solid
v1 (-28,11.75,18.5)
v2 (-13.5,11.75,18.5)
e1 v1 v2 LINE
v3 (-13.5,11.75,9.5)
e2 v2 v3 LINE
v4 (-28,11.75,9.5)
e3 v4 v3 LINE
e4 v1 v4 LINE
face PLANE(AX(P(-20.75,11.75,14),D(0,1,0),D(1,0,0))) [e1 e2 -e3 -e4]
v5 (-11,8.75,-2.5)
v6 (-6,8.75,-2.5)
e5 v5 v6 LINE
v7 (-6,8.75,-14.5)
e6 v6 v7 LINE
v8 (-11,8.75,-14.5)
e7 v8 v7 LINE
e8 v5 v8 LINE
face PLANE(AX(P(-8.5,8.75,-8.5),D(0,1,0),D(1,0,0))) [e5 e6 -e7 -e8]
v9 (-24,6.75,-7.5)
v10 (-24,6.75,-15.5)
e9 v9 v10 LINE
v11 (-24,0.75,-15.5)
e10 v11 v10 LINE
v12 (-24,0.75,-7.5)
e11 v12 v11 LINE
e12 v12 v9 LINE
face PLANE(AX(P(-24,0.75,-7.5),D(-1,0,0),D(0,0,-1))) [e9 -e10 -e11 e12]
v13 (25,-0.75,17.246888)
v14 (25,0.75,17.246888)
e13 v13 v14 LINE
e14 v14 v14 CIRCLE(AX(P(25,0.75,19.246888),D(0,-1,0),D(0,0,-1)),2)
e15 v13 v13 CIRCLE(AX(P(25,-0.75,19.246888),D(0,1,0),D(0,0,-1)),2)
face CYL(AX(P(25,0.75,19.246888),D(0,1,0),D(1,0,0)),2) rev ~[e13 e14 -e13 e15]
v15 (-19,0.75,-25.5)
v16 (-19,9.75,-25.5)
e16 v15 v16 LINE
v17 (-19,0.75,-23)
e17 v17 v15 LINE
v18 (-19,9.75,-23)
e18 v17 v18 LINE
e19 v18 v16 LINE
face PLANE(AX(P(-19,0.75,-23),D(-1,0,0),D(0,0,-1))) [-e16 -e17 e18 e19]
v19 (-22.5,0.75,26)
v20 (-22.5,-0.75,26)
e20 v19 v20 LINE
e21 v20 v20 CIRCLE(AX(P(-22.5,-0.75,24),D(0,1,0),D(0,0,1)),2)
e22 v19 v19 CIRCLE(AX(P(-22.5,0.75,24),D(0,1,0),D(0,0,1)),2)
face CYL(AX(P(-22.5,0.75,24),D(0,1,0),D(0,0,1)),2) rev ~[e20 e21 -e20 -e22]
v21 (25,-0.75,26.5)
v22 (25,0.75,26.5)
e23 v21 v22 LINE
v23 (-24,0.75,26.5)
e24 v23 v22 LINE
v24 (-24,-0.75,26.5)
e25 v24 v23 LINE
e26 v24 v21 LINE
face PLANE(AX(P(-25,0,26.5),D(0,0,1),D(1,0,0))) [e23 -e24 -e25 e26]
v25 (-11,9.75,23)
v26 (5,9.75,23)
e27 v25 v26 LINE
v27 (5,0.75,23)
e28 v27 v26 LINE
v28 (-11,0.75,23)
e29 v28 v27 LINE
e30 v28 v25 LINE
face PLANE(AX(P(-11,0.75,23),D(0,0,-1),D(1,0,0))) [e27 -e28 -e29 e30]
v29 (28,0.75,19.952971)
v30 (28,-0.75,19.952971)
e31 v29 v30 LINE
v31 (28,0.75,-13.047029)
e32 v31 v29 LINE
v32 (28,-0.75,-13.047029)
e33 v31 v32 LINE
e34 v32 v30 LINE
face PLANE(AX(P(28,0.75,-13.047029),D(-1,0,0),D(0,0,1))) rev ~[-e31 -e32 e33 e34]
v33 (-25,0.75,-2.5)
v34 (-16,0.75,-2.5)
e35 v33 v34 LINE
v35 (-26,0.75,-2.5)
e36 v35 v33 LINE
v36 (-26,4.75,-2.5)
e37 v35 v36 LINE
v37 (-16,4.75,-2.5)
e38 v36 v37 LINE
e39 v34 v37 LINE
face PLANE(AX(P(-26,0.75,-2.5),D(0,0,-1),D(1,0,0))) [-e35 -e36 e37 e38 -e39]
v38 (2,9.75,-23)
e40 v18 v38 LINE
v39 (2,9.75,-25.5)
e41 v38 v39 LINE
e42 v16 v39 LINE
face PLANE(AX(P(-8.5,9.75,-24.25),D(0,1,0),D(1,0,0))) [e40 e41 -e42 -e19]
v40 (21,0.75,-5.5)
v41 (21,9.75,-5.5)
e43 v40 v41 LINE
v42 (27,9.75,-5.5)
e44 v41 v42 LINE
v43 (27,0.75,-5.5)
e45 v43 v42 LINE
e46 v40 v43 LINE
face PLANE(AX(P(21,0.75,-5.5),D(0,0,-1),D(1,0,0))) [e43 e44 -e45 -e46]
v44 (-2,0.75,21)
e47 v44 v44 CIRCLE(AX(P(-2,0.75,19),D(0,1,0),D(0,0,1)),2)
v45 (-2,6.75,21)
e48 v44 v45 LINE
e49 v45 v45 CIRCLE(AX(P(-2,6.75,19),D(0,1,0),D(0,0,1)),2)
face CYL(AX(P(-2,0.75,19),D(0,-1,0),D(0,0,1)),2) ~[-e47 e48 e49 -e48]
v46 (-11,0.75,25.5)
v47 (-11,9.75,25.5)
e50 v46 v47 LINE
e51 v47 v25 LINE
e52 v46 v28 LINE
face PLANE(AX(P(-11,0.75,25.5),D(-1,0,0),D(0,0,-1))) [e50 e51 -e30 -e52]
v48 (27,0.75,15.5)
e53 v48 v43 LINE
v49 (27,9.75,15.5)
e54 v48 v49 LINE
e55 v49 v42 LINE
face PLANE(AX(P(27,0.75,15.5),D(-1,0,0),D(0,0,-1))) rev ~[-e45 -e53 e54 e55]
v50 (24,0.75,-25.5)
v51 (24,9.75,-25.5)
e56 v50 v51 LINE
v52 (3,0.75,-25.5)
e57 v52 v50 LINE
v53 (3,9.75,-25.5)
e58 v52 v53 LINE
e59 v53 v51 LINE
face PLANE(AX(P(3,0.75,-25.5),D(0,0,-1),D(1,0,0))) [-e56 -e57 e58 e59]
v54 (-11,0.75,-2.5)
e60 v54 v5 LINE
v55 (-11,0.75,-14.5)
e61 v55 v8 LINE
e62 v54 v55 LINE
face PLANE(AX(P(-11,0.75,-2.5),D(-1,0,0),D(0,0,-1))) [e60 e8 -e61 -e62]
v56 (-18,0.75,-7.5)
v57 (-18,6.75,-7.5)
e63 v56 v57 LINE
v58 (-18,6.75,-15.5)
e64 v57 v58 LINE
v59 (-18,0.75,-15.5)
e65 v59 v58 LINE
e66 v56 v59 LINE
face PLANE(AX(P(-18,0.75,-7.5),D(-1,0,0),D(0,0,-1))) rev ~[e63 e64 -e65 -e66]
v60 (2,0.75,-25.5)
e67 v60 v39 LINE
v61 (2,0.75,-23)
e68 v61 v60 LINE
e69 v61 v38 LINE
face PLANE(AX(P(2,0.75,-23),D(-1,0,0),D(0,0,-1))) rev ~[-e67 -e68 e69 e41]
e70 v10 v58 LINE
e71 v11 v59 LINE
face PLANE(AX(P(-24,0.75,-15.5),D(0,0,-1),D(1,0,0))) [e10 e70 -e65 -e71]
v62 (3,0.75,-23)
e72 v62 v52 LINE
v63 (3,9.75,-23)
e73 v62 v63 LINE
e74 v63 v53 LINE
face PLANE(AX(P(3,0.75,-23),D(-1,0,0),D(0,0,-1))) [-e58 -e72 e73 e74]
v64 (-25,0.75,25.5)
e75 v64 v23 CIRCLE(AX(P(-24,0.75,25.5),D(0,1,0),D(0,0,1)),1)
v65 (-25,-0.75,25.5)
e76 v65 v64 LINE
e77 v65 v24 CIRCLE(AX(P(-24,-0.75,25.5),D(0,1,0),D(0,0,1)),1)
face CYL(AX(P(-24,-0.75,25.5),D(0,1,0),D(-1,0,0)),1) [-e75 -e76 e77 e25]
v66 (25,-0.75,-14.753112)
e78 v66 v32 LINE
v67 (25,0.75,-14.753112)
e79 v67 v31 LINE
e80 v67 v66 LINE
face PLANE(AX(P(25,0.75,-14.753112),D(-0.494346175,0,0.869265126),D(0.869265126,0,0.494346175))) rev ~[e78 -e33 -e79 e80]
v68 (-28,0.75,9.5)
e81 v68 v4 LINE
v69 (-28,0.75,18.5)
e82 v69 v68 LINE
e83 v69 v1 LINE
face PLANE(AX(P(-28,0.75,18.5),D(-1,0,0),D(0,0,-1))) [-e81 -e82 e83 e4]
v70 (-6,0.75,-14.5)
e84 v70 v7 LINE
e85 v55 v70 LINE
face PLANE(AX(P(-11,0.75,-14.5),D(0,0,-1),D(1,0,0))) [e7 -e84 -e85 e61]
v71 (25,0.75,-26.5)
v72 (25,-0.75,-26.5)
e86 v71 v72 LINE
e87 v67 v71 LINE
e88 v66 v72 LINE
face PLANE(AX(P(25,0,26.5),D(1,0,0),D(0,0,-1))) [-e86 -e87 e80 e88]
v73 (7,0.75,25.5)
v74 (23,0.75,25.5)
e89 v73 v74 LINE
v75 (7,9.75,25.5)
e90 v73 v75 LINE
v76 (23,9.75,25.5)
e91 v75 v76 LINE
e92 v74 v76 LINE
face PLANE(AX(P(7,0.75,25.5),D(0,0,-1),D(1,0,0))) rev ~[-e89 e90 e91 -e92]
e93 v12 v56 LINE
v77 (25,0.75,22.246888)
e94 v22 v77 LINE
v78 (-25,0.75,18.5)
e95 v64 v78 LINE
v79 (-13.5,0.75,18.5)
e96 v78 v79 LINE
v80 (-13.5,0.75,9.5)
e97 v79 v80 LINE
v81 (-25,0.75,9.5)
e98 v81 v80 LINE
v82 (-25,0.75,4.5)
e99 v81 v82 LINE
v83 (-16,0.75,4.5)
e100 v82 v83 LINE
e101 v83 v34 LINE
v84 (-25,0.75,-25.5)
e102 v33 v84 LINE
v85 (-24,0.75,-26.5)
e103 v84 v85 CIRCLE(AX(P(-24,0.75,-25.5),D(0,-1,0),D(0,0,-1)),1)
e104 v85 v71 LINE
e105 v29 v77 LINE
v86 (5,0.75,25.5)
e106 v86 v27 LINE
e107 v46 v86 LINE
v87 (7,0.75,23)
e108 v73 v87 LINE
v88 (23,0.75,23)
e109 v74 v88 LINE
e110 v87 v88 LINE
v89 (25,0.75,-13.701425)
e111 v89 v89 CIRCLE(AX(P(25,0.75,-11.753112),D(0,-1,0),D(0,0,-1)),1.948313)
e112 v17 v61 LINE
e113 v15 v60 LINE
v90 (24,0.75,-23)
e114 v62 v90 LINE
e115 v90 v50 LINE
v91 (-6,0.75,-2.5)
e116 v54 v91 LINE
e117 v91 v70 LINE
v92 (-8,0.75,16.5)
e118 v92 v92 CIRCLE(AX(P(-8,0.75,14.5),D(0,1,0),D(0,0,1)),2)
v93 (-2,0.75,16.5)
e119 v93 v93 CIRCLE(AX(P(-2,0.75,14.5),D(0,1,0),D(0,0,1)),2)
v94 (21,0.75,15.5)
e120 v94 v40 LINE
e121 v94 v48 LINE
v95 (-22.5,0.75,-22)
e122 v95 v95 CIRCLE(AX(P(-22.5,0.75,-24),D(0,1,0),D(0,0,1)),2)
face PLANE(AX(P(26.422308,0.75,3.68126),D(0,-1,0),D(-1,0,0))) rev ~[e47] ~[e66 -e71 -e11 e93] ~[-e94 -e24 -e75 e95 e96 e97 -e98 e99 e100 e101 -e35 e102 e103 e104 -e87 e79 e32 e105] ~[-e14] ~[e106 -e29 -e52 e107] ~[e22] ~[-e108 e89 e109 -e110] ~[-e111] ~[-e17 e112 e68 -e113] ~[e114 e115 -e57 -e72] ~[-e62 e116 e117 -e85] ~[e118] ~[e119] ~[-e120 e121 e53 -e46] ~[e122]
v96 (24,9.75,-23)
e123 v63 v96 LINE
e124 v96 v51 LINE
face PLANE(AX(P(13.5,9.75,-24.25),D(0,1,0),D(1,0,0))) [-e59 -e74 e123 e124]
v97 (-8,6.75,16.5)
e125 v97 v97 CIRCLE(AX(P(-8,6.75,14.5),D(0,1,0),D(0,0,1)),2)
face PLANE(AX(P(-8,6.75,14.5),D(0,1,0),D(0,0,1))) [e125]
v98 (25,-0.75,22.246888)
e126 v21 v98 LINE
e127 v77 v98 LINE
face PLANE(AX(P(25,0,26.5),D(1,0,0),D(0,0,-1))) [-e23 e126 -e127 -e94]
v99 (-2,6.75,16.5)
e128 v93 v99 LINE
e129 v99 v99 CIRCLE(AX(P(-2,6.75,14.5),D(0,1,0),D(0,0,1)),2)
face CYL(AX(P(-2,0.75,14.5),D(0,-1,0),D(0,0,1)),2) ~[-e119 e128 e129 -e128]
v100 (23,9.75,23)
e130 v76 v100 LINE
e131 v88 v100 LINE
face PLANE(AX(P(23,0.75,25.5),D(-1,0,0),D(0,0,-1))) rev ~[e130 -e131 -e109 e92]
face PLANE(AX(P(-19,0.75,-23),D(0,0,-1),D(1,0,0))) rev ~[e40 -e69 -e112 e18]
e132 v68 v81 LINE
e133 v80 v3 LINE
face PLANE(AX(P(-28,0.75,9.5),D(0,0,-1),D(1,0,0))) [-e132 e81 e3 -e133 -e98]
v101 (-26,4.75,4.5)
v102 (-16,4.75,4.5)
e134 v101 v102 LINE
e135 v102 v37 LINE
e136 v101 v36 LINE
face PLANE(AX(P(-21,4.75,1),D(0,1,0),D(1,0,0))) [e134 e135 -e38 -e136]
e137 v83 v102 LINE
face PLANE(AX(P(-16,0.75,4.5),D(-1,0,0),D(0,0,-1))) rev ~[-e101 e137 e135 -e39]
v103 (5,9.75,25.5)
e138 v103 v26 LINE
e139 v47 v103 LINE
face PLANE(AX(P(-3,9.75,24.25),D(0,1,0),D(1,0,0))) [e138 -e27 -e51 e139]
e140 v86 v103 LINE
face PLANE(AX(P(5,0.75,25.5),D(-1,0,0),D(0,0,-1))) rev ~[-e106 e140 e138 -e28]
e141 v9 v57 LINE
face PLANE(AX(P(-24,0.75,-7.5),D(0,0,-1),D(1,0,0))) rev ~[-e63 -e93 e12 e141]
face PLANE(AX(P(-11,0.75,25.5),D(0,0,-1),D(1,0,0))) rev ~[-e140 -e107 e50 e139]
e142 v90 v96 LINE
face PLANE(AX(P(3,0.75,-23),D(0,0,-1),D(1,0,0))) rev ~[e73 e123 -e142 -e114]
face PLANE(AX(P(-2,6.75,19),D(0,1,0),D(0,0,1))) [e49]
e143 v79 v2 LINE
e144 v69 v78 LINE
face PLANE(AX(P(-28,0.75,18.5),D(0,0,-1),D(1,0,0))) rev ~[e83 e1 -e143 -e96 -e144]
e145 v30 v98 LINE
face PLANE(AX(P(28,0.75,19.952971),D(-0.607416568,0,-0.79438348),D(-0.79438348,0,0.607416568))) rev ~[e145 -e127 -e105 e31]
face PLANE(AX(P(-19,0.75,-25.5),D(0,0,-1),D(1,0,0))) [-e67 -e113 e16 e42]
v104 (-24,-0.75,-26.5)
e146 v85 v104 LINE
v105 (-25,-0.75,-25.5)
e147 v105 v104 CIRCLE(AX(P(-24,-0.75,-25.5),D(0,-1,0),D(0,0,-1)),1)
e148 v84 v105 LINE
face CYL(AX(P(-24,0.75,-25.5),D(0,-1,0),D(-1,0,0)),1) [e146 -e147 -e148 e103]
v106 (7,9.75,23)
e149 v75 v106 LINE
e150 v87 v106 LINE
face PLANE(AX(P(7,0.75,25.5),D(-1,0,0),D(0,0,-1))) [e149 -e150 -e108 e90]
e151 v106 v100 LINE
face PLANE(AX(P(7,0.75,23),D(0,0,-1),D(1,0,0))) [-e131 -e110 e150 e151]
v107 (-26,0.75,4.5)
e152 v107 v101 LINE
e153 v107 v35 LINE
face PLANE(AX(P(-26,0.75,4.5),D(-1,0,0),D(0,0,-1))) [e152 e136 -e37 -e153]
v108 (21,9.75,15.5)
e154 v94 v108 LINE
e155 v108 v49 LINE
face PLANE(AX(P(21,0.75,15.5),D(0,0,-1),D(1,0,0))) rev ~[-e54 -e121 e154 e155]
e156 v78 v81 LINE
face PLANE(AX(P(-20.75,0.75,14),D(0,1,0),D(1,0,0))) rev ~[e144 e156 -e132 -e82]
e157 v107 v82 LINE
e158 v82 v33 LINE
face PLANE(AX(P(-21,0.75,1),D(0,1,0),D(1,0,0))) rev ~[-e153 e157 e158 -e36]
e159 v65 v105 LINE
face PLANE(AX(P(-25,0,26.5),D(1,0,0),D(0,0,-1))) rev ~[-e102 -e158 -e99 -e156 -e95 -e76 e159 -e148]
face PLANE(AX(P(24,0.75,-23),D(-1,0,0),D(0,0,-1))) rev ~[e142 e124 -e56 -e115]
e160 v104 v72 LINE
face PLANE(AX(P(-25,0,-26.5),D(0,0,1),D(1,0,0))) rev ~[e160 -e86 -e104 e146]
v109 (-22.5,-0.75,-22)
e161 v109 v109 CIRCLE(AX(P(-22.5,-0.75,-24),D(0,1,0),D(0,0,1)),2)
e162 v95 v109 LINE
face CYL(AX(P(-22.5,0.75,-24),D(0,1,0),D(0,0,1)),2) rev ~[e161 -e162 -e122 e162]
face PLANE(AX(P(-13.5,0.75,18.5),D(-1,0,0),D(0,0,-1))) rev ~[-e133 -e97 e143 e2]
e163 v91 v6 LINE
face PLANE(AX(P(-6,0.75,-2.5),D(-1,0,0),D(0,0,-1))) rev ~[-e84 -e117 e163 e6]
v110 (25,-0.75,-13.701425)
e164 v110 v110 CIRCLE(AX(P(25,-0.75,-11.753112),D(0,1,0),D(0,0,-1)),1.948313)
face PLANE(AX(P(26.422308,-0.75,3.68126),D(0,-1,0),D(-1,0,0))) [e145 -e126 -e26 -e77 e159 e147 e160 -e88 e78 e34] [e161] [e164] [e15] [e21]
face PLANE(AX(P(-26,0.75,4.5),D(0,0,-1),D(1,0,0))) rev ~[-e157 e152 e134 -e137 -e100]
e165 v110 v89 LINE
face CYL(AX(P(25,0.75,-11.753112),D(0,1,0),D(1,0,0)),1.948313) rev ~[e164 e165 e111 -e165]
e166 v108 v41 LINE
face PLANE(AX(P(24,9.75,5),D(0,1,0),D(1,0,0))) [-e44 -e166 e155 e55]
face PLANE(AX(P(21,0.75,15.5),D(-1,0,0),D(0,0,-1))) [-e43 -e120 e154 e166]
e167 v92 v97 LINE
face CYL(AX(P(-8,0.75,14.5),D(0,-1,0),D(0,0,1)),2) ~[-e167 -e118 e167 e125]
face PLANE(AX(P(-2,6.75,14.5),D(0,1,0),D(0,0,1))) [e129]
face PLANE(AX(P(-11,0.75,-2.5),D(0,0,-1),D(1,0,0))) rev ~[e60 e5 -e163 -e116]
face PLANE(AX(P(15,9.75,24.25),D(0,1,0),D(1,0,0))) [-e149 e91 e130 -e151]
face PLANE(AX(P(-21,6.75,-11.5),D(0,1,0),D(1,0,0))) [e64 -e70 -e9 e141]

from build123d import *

# Parameters (mm, degrees)
SKETCH1_W           = 50
SKETCH1_H           = 53
BOSS_EXTRUDE1_DEPTH = 0.75
BOSS_EXTRUDE2_DEPTH = 1.5
SKETCH7_R           = 2
SKETCH7_R_2         = 1.948313055
CUT_EXTRUDE1_DEPTH  = 39.581083448
SKETCH8_W           = 21
SKETCH8_H           = 2.5
SKETCH8_W_2         = 6
SKETCH8_H_2         = 21
SKETCH8_W_3         = 16
BOSS_EXTRUDE3_DEPTH = 9
SKETCH9_R           = 2
BOSS_EXTRUDE4_DEPTH = 6
SKETCH10_W          = 14.5
SKETCH10_H          = 9
BOSS_EXTRUDE5_DEPTH = 11
SKETCH11_W          = 10
SKETCH11_H          = 7
BOSS_EXTRUDE6_DEPTH = 4
SKETCH12_W          = 6
SKETCH12_H          = 8
BOSS_EXTRUDE7_DEPTH = 6
SKETCH13_W          = 5
SKETCH13_H          = 12
BOSS_EXTRUDE8_DEPTH = 8
FILLET4_R           = 1
FILLET5_R           = 1


with BuildPart() as part:
    # Sketch1 → Boss-Extrude1 (new, symmetric)
    with BuildSketch(Plane(origin=(0, 0, 0), x_dir=(1, 0, 0), z_dir=(0, 1, 0))):
        Rectangle(SKETCH1_W, SKETCH1_H)
    extrude(amount=BOSS_EXTRUDE1_DEPTH, both=True)


with BuildPart() as body_2:
    # Sketch3 → Boss-Extrude2 (new body)
    with BuildSketch(Plane(origin=(0, 0.75, 0), x_dir=(1, 0, 0), z_dir=(0, 1, 0))):
        Polygon((25, -22.246887694), (25, 14.753112306), (28, 13.047029226), (28, -19.952970774), align=None)
    extrude(amount=-BOSS_EXTRUDE2_DEPTH)


with BuildPart() as cut_extrude1_tool:
    # Sketch7 → Cut-Extrude1 (new, through all)
    with BuildSketch(Plane(origin=(0, 0.75, 0), x_dir=(1, 0, 0), z_dir=(0, 1, 0))):
        with Locations(Location((-22.5, 24, 0), (0, 0, 270))):
            Circle(SKETCH7_R)
        with Locations(Location((-22.5, -24, 0), (0, 0, 270))):
            Circle(SKETCH7_R)
        with Locations((25, 11.753112306)):
            Circle(SKETCH7_R_2)
        with Locations((25, -19.246887694)):
            Circle(SKETCH7_R)
    extrude(amount=-CUT_EXTRUDE1_DEPTH)


with BuildPart() as part_1:
    add(part.part)

    # Cut-Extrude1: cut by cut_extrude1_tool
    add(cut_extrude1_tool.part, mode=Mode.SUBTRACT)



with BuildPart() as body_2_1:
    add(body_2.part)

    # Cut-Extrude1: cut by cut_extrude1_tool
    add(cut_extrude1_tool.part, mode=Mode.SUBTRACT)


with BuildPart() as part_2:
    add(part_1.part)

    add(body_2_1.part)  # Boss-Extrude3 merges body 2
    # Sketch8 → Boss-Extrude3 (add)
    with BuildSketch(Plane(origin=(0, 0.75, 0), x_dir=(1, 0, 0), z_dir=(0, 1, 0))):
        with Locations((13.5, 24.25)):
            Rectangle(SKETCH8_W, SKETCH8_H)
        with Locations((-8.5, 24.25)):
            Rectangle(SKETCH8_W, SKETCH8_H)
        with Locations((24, -5)):
            Rectangle(SKETCH8_W_2, SKETCH8_H_2)
        with Locations((15, -24.25)):
            Rectangle(SKETCH8_W_3, SKETCH8_H)
        with Locations((-3, -24.25)):
            Rectangle(SKETCH8_W_3, SKETCH8_H)
    extrude(amount=BOSS_EXTRUDE3_DEPTH)

    # Sketch9 → Boss-Extrude4 (add)
    with BuildSketch(Plane(origin=(0, 0.75, 0), x_dir=(1, 0, 0), z_dir=(0, 1, 0))):
        with Locations(Location((-2, -19, 0), (0, 0, 270))):
            Circle(SKETCH9_R)
        with Locations(Location((-2, -14.5, 0), (0, 0, 270))):
            Circle(SKETCH9_R)
        with Locations(Location((-8, -14.5, 0), (0, 0, 270))):
            Circle(SKETCH9_R)
    extrude(amount=BOSS_EXTRUDE4_DEPTH)

    # Sketch10 → Boss-Extrude5 (add)
    with BuildSketch(Plane(origin=(0, 0.75, 0), x_dir=(1, 0, 0), z_dir=(0, 1, 0))):
        with Locations((-20.75, -14)):
            Rectangle(SKETCH10_W, SKETCH10_H)
    extrude(amount=BOSS_EXTRUDE5_DEPTH)

    # Sketch11 → Boss-Extrude6 (add)
    with BuildSketch(Plane(origin=(0, 0.75, 0), x_dir=(1, 0, 0), z_dir=(0, 1, 0))):
        with Locations((-21, -1)):
            Rectangle(SKETCH11_W, SKETCH11_H)
    extrude(amount=BOSS_EXTRUDE6_DEPTH)

    # Sketch12 → Boss-Extrude7 (add)
    with BuildSketch(Plane(origin=(0, 0.75, 0), x_dir=(1, 0, 0), z_dir=(0, 1, 0))):
        with Locations((-21, 11.5)):
            Rectangle(SKETCH12_W, SKETCH12_H)
    extrude(amount=BOSS_EXTRUDE7_DEPTH)

    # Sketch13 → Boss-Extrude8 (add)
    with BuildSketch(Plane(origin=(0, 0.75, 0), x_dir=(1, 0, 0), z_dir=(0, 1, 0))):
        with Locations((-8.5, 8.5)):
            Rectangle(SKETCH13_W, SKETCH13_H)
    extrude(amount=BOSS_EXTRUDE8_DEPTH)

    # Fillet4
    fillet4_edges = [part_2.edges().sort_by_distance(p)[0] for p in [
        (-25, 0, -26.5),
    ]]
    fillet(fillet4_edges, radius=FILLET4_R)

    # Fillet5
    fillet5_edges = [part_2.edges().sort_by_distance(p)[0] for p in [
        (-25, 0, 26.5),
    ]]
    fillet(fillet5_edges, radius=FILLET5_R)


solid = part_2.part
